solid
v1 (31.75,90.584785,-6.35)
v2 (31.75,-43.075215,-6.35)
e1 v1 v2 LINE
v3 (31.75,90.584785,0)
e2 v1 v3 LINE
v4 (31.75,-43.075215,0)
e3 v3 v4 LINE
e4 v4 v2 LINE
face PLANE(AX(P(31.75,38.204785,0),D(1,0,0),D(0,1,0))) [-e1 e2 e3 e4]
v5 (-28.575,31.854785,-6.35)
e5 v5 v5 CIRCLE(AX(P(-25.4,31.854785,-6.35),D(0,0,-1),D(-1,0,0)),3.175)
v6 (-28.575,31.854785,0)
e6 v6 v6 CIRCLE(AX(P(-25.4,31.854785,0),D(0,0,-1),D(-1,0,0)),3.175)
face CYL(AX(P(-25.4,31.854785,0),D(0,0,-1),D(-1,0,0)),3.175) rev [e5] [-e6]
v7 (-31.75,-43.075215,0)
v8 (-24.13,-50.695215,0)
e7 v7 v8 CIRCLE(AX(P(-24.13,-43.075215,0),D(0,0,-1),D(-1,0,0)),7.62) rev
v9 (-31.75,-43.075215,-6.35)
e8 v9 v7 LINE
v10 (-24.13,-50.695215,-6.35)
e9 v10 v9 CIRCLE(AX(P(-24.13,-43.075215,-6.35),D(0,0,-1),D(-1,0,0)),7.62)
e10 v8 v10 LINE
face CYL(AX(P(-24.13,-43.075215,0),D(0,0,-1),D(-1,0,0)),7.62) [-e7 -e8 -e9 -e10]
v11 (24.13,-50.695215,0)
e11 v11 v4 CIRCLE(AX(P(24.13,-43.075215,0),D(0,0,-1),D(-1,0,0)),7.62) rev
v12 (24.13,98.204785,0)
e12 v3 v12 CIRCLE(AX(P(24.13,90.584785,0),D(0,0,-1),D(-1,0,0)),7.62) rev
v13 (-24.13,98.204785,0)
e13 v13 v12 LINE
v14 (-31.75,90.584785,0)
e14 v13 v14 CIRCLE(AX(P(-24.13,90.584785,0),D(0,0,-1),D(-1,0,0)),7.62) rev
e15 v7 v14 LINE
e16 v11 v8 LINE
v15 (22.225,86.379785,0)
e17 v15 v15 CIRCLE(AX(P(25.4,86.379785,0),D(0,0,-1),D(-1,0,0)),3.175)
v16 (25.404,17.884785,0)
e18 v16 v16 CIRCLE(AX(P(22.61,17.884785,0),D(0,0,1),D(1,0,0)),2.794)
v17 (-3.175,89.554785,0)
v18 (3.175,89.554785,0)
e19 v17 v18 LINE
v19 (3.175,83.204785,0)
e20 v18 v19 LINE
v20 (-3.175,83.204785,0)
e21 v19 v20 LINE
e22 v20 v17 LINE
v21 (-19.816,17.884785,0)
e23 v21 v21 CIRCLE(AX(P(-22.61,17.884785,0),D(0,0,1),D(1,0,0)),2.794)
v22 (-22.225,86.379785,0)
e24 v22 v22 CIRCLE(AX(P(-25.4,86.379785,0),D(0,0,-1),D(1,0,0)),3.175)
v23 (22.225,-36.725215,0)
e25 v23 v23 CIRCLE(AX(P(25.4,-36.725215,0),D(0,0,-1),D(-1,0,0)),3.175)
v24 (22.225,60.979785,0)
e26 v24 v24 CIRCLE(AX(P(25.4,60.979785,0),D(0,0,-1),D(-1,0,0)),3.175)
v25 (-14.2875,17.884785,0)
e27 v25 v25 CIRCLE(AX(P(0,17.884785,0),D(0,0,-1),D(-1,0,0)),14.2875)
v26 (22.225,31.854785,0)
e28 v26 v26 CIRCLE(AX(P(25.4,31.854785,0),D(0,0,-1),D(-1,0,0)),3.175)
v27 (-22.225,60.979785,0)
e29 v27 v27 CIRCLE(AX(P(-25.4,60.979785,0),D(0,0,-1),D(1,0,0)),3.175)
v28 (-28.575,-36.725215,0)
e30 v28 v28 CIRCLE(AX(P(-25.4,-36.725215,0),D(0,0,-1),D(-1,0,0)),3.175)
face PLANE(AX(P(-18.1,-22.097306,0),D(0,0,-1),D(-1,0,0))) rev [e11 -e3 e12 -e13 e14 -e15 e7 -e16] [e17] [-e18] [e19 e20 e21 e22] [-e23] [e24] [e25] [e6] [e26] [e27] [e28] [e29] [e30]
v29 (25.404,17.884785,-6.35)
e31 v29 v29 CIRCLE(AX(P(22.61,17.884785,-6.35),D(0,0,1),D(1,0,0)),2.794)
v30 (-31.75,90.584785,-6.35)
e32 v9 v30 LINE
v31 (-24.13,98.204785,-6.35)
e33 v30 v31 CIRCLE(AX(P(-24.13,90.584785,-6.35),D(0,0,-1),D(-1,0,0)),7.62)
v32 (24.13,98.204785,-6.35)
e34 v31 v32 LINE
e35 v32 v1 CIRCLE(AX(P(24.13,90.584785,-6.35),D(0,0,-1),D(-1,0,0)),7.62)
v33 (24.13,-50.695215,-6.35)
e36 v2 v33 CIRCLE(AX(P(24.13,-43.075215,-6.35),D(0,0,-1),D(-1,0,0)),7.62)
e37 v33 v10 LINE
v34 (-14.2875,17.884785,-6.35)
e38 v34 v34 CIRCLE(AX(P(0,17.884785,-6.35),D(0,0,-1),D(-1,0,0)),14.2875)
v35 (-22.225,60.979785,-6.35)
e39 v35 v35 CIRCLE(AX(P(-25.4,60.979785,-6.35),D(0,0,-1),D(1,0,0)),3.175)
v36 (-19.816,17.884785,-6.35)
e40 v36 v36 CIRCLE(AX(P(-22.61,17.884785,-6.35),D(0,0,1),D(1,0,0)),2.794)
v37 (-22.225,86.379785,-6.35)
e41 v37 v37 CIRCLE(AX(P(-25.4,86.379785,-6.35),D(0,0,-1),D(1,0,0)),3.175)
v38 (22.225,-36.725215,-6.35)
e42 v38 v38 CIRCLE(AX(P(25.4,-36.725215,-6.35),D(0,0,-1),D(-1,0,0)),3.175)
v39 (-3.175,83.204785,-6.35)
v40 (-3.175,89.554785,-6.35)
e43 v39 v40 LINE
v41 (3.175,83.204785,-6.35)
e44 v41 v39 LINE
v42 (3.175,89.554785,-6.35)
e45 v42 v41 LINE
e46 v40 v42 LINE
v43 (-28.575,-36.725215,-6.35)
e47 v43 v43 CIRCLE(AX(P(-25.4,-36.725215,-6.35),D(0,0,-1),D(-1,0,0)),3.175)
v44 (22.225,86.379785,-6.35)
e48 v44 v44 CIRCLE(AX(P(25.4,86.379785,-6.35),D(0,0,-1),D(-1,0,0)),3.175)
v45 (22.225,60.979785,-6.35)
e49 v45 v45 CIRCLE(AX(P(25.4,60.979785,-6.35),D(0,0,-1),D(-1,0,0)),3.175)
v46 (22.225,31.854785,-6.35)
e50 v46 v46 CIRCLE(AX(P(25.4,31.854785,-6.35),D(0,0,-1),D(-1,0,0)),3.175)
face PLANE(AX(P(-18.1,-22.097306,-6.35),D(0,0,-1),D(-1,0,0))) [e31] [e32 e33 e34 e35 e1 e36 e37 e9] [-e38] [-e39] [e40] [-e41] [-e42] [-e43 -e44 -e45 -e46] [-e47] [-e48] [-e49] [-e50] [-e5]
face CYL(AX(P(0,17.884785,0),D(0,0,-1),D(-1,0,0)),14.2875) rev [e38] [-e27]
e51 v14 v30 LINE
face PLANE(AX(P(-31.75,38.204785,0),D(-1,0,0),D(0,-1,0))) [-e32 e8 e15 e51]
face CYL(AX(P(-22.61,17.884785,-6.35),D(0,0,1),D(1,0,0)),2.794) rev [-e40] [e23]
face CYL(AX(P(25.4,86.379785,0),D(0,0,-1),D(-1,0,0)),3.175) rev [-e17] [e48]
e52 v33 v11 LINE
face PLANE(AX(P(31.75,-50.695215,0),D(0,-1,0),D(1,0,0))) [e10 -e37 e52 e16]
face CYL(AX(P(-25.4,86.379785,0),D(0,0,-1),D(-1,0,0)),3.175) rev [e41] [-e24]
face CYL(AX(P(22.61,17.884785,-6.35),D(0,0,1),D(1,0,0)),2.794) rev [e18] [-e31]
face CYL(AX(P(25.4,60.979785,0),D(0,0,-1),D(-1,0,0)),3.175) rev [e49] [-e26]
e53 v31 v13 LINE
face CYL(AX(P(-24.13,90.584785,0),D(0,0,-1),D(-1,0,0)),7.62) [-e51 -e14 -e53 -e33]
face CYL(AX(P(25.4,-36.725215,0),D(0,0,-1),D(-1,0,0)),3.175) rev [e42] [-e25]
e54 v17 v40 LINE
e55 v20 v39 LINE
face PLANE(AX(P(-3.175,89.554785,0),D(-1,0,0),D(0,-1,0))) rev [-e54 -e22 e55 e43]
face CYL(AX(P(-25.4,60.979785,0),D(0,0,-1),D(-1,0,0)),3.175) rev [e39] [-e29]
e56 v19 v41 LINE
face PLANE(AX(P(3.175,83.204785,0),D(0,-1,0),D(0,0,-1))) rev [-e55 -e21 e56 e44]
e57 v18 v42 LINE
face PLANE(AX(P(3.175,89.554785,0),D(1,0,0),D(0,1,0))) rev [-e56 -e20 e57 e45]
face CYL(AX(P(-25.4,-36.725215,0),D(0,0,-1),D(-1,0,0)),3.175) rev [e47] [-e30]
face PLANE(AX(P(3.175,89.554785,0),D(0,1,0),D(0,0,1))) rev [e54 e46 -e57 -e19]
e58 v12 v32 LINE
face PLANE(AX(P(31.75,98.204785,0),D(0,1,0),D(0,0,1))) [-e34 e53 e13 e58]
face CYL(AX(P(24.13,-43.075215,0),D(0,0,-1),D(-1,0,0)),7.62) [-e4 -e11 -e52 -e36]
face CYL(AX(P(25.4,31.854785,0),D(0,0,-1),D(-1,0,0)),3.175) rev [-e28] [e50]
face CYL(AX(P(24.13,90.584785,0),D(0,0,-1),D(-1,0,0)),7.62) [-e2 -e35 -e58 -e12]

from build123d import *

# Parameters (mm, degrees)
BOSS_EXTRUDE1_DEPTH = 6.35
SKETCH2_R           = 1.35
SKETCH2_R_2         = 1.385
CUT_EXTRUDE1_DEPTH  = 38.116505762
SKETCH3_W           = 63.5
SKETCH3_H           = 88.9
SKETCH3_W_2         = 38.321076004
SKETCH3_H_2         = 47.237540142
BOSS_EXTRUDE2_DEPTH = 6.35
SKETCH5_W           = 27.94
SKETCH5_H           = 55.88
CUT_EXTRUDE3_DEPTH  = 61.153053743
SKETCH6_R           = 3.175
CUT_EXTRUDE4_DEPTH  = 61.153053743
SKETCH7_W           = 41.724968974
SKETCH7_H           = 57.858351452
BOSS_EXTRUDE3_DEPTH = 6.35
SKETCH8_R           = 14.2875
CUT_EXTRUDE5_DEPTH  = 6.35
SKETCH10_W          = 63.5
SKETCH10_H          = 60
SKETCH10_R          = 3.175
SKETCH10_W_2        = 6.35
SKETCH10_H_2        = 6.35
BOSS_EXTRUDE4_DEPTH = 6.35
FILLET1_R           = 7.62
SKETCH11_R          = 2.794
CUT_EXTRUDE6_DEPTH  = 104.404858197


with BuildPart() as part:
    # Sketch1 → Boss-Extrude1 (new body)
    with BuildSketch(Plane.XY):
        with BuildLine():
            Line((-19.69889026, 23.2987845), (-14.850045261, 29.75147823))
            ThreePointArc((-14.850045261, 29.75147823), (-14.144755454, 30.339267512), (-13.251155001, 30.55))
            Line((-13.251155001, 30.55), (13.251155001, 30.55))
            ThreePointArc((13.251155001, 30.55), (14.144755454, 30.339267512), (14.850045261, 29.75147823))
            Line((14.850045261, 29.75147823), (19.69889026, 23.2987845))
            ThreePointArc((19.69889026, 23.2987845), (19.997074131, 22.730638521), (20.1, 22.09730627))
            Line((20.1, 22.09730627), (20.1, -22.09730627))
            ThreePointArc((20.1, -22.09730627), (19.997074131, -22.730638521), (19.69889026, -23.2987845))
            Line((19.69889026, -23.2987845), (14.850045261, -29.75147823))
            ThreePointArc((14.850045261, -29.75147823), (14.144755454, -30.339267512), (13.251155001, -30.55))
            Line((13.251155001, -30.55), (-13.251155001, -30.55))
            ThreePointArc((-13.251155001, -30.55), (-14.144755454, -30.339267512), (-14.850045261, -29.75147823))
            Line((-14.850045261, -29.75147823), (-19.69889026, -23.2987845))
            ThreePointArc((-19.69889026, -23.2987845), (-19.997074131, -22.730638521), (-20.1, -22.09730627))
            Line((-20.1, -22.09730627), (-20.1, 22.09730627))
            ThreePointArc((-20.1, 22.09730627), (-19.997074131, 22.730638521), (-19.69889026, 23.2987845))
        make_face()
    extrude(amount=-BOSS_EXTRUDE1_DEPTH)

    # Sketch2 → Cut-Extrude1 (cut, through all)
    with BuildSketch(Plane(origin=(0, 0, -6.35), x_dir=(-1, 0, 0), z_dir=(0, 0, -1))):
        with Locations((17.3, 21.9487845)):
            Circle(SKETCH2_R)
        with Locations((17.3, -0.0512155)):
            Circle(SKETCH2_R)
        with Locations((17.3, -22.0512155)):
            Circle(SKETCH2_R)
        with Locations((11, -27.75)):
            Circle(SKETCH2_R_2)
        with Locations(Location((-11, -27.75, 0), (0, 0, 180))):
            Circle(SKETCH2_R_2)
        with Locations(Location((-17.3, -22.0512155, 0), (0, 0, 180))):
            Circle(SKETCH2_R)
        with Locations(Location((-17.3, -0.0512155, 0), (0, 0, 180))):
            Circle(SKETCH2_R)
        with Locations(Location((-17.3, 21.9487845, 0), (0, 0, 180))):
            Circle(SKETCH2_R)
    extrude(amount=-CUT_EXTRUDE1_DEPTH, mode=Mode.SUBTRACT)

    # Sketch3 → Boss-Extrude2 (add)
    with BuildSketch(Plane(origin=(0, 0, -6.35), x_dir=(-1, 0, 0), z_dir=(0, 0, -1))):
        with Locations((0, -6.2452155)):
            Rectangle(SKETCH3_W, SKETCH3_H)
        Rectangle(SKETCH3_W_2, SKETCH3_H_2, mode=Mode.SUBTRACT)
    extrude(amount=-BOSS_EXTRUDE2_DEPTH)

    # Sketch5 → Cut-Extrude3 (cut, through all)
    with BuildSketch(Plane.XY):
        with Locations((0, 3.0087845)):
            Rectangle(SKETCH5_W, SKETCH5_H)
    extrude(amount=-CUT_EXTRUDE3_DEPTH, mode=Mode.SUBTRACT)

    # Sketch6 → Cut-Extrude4 (cut, through all)
    with BuildSketch(Plane(origin=(0, 0, -6.35), x_dir=(-1, 0, 0), z_dir=(0, 0, -1))):
        with Locations((25.4, 31.8547845)):
            Circle(SKETCH6_R)
        with Locations((-25.4, 31.8547845)):
            Circle(SKETCH6_R)
        with Locations((-25.4, -36.7252155)):
            Circle(SKETCH6_R)
        with Locations((25.4, -36.7252155)):
            Circle(SKETCH6_R)
    extrude(amount=-CUT_EXTRUDE4_DEPTH, mode=Mode.SUBTRACT)

    # Sketch7 → Boss-Extrude3 (add)
    with BuildSketch(Plane(origin=(0, 0, -6.35), x_dir=(-1, 0, 0), z_dir=(0, 0, -1))):
        with Locations((0, 3.16744248)):
            Rectangle(SKETCH7_W, SKETCH7_H)
    extrude(amount=-BOSS_EXTRUDE3_DEPTH)

    # Sketch8 → Cut-Extrude5 (cut)
    with BuildSketch(Plane(origin=(0, 0, -6.35), x_dir=(-1, 0, 0), z_dir=(0, 0, -1))):
        with Locations((0, 17.8847845)):
            Circle(SKETCH8_R)
    extrude(amount=-CUT_EXTRUDE5_DEPTH, mode=Mode.SUBTRACT)

    # Sketch10 → Boss-Extrude4 (add)
    with BuildSketch(Plane(origin=(0, 0, -6.35), x_dir=(-1, 0, 0), z_dir=(0, 0, -1))):
        with Locations((0, 68.2047845)):
            Rectangle(SKETCH10_W, SKETCH10_H)
        with Locations((-25.4, 86.3797845)):
            Circle(SKETCH10_R, mode=Mode.SUBTRACT)
        with Locations((-25.4, 60.9797845)):
            Circle(SKETCH10_R, mode=Mode.SUBTRACT)
        with Locations(Location((25.4, 60.9797845, 0), (0, 0, 180))):
            Circle(SKETCH10_R, mode=Mode.SUBTRACT)
        with Locations(Location((25.4, 86.3797845, 0), (0, 0, 180))):
            Circle(SKETCH10_R, mode=Mode.SUBTRACT)
        with Locations((0, 86.3797845)):
            Rectangle(SKETCH10_W_2, SKETCH10_H_2, mode=Mode.SUBTRACT)
    extrude(amount=-BOSS_EXTRUDE4_DEPTH)

    # Fillet1
    fillet1_edges = [part.edges().sort_by_distance(p)[0] for p in [
        (31.75, 98.2047845, -3.175),
        (-31.75, 98.2047845, -3.175),
        (-31.75, -50.6952155, -3.175),
        (31.75, -50.6952155, -3.175),
    ]]
    fillet(fillet1_edges, radius=FILLET1_R)

    # Sketch11 → Cut-Extrude6 (cut, through all)
    with BuildSketch(Plane.XY):
        with Locations((-22.61, 17.8847845)):
            Circle(SKETCH11_R)
        with Locations((22.61, 17.8847845)):
            Circle(SKETCH11_R)
    extrude(amount=-CUT_EXTRUDE6_DEPTH, mode=Mode.SUBTRACT)


solid = part.part
